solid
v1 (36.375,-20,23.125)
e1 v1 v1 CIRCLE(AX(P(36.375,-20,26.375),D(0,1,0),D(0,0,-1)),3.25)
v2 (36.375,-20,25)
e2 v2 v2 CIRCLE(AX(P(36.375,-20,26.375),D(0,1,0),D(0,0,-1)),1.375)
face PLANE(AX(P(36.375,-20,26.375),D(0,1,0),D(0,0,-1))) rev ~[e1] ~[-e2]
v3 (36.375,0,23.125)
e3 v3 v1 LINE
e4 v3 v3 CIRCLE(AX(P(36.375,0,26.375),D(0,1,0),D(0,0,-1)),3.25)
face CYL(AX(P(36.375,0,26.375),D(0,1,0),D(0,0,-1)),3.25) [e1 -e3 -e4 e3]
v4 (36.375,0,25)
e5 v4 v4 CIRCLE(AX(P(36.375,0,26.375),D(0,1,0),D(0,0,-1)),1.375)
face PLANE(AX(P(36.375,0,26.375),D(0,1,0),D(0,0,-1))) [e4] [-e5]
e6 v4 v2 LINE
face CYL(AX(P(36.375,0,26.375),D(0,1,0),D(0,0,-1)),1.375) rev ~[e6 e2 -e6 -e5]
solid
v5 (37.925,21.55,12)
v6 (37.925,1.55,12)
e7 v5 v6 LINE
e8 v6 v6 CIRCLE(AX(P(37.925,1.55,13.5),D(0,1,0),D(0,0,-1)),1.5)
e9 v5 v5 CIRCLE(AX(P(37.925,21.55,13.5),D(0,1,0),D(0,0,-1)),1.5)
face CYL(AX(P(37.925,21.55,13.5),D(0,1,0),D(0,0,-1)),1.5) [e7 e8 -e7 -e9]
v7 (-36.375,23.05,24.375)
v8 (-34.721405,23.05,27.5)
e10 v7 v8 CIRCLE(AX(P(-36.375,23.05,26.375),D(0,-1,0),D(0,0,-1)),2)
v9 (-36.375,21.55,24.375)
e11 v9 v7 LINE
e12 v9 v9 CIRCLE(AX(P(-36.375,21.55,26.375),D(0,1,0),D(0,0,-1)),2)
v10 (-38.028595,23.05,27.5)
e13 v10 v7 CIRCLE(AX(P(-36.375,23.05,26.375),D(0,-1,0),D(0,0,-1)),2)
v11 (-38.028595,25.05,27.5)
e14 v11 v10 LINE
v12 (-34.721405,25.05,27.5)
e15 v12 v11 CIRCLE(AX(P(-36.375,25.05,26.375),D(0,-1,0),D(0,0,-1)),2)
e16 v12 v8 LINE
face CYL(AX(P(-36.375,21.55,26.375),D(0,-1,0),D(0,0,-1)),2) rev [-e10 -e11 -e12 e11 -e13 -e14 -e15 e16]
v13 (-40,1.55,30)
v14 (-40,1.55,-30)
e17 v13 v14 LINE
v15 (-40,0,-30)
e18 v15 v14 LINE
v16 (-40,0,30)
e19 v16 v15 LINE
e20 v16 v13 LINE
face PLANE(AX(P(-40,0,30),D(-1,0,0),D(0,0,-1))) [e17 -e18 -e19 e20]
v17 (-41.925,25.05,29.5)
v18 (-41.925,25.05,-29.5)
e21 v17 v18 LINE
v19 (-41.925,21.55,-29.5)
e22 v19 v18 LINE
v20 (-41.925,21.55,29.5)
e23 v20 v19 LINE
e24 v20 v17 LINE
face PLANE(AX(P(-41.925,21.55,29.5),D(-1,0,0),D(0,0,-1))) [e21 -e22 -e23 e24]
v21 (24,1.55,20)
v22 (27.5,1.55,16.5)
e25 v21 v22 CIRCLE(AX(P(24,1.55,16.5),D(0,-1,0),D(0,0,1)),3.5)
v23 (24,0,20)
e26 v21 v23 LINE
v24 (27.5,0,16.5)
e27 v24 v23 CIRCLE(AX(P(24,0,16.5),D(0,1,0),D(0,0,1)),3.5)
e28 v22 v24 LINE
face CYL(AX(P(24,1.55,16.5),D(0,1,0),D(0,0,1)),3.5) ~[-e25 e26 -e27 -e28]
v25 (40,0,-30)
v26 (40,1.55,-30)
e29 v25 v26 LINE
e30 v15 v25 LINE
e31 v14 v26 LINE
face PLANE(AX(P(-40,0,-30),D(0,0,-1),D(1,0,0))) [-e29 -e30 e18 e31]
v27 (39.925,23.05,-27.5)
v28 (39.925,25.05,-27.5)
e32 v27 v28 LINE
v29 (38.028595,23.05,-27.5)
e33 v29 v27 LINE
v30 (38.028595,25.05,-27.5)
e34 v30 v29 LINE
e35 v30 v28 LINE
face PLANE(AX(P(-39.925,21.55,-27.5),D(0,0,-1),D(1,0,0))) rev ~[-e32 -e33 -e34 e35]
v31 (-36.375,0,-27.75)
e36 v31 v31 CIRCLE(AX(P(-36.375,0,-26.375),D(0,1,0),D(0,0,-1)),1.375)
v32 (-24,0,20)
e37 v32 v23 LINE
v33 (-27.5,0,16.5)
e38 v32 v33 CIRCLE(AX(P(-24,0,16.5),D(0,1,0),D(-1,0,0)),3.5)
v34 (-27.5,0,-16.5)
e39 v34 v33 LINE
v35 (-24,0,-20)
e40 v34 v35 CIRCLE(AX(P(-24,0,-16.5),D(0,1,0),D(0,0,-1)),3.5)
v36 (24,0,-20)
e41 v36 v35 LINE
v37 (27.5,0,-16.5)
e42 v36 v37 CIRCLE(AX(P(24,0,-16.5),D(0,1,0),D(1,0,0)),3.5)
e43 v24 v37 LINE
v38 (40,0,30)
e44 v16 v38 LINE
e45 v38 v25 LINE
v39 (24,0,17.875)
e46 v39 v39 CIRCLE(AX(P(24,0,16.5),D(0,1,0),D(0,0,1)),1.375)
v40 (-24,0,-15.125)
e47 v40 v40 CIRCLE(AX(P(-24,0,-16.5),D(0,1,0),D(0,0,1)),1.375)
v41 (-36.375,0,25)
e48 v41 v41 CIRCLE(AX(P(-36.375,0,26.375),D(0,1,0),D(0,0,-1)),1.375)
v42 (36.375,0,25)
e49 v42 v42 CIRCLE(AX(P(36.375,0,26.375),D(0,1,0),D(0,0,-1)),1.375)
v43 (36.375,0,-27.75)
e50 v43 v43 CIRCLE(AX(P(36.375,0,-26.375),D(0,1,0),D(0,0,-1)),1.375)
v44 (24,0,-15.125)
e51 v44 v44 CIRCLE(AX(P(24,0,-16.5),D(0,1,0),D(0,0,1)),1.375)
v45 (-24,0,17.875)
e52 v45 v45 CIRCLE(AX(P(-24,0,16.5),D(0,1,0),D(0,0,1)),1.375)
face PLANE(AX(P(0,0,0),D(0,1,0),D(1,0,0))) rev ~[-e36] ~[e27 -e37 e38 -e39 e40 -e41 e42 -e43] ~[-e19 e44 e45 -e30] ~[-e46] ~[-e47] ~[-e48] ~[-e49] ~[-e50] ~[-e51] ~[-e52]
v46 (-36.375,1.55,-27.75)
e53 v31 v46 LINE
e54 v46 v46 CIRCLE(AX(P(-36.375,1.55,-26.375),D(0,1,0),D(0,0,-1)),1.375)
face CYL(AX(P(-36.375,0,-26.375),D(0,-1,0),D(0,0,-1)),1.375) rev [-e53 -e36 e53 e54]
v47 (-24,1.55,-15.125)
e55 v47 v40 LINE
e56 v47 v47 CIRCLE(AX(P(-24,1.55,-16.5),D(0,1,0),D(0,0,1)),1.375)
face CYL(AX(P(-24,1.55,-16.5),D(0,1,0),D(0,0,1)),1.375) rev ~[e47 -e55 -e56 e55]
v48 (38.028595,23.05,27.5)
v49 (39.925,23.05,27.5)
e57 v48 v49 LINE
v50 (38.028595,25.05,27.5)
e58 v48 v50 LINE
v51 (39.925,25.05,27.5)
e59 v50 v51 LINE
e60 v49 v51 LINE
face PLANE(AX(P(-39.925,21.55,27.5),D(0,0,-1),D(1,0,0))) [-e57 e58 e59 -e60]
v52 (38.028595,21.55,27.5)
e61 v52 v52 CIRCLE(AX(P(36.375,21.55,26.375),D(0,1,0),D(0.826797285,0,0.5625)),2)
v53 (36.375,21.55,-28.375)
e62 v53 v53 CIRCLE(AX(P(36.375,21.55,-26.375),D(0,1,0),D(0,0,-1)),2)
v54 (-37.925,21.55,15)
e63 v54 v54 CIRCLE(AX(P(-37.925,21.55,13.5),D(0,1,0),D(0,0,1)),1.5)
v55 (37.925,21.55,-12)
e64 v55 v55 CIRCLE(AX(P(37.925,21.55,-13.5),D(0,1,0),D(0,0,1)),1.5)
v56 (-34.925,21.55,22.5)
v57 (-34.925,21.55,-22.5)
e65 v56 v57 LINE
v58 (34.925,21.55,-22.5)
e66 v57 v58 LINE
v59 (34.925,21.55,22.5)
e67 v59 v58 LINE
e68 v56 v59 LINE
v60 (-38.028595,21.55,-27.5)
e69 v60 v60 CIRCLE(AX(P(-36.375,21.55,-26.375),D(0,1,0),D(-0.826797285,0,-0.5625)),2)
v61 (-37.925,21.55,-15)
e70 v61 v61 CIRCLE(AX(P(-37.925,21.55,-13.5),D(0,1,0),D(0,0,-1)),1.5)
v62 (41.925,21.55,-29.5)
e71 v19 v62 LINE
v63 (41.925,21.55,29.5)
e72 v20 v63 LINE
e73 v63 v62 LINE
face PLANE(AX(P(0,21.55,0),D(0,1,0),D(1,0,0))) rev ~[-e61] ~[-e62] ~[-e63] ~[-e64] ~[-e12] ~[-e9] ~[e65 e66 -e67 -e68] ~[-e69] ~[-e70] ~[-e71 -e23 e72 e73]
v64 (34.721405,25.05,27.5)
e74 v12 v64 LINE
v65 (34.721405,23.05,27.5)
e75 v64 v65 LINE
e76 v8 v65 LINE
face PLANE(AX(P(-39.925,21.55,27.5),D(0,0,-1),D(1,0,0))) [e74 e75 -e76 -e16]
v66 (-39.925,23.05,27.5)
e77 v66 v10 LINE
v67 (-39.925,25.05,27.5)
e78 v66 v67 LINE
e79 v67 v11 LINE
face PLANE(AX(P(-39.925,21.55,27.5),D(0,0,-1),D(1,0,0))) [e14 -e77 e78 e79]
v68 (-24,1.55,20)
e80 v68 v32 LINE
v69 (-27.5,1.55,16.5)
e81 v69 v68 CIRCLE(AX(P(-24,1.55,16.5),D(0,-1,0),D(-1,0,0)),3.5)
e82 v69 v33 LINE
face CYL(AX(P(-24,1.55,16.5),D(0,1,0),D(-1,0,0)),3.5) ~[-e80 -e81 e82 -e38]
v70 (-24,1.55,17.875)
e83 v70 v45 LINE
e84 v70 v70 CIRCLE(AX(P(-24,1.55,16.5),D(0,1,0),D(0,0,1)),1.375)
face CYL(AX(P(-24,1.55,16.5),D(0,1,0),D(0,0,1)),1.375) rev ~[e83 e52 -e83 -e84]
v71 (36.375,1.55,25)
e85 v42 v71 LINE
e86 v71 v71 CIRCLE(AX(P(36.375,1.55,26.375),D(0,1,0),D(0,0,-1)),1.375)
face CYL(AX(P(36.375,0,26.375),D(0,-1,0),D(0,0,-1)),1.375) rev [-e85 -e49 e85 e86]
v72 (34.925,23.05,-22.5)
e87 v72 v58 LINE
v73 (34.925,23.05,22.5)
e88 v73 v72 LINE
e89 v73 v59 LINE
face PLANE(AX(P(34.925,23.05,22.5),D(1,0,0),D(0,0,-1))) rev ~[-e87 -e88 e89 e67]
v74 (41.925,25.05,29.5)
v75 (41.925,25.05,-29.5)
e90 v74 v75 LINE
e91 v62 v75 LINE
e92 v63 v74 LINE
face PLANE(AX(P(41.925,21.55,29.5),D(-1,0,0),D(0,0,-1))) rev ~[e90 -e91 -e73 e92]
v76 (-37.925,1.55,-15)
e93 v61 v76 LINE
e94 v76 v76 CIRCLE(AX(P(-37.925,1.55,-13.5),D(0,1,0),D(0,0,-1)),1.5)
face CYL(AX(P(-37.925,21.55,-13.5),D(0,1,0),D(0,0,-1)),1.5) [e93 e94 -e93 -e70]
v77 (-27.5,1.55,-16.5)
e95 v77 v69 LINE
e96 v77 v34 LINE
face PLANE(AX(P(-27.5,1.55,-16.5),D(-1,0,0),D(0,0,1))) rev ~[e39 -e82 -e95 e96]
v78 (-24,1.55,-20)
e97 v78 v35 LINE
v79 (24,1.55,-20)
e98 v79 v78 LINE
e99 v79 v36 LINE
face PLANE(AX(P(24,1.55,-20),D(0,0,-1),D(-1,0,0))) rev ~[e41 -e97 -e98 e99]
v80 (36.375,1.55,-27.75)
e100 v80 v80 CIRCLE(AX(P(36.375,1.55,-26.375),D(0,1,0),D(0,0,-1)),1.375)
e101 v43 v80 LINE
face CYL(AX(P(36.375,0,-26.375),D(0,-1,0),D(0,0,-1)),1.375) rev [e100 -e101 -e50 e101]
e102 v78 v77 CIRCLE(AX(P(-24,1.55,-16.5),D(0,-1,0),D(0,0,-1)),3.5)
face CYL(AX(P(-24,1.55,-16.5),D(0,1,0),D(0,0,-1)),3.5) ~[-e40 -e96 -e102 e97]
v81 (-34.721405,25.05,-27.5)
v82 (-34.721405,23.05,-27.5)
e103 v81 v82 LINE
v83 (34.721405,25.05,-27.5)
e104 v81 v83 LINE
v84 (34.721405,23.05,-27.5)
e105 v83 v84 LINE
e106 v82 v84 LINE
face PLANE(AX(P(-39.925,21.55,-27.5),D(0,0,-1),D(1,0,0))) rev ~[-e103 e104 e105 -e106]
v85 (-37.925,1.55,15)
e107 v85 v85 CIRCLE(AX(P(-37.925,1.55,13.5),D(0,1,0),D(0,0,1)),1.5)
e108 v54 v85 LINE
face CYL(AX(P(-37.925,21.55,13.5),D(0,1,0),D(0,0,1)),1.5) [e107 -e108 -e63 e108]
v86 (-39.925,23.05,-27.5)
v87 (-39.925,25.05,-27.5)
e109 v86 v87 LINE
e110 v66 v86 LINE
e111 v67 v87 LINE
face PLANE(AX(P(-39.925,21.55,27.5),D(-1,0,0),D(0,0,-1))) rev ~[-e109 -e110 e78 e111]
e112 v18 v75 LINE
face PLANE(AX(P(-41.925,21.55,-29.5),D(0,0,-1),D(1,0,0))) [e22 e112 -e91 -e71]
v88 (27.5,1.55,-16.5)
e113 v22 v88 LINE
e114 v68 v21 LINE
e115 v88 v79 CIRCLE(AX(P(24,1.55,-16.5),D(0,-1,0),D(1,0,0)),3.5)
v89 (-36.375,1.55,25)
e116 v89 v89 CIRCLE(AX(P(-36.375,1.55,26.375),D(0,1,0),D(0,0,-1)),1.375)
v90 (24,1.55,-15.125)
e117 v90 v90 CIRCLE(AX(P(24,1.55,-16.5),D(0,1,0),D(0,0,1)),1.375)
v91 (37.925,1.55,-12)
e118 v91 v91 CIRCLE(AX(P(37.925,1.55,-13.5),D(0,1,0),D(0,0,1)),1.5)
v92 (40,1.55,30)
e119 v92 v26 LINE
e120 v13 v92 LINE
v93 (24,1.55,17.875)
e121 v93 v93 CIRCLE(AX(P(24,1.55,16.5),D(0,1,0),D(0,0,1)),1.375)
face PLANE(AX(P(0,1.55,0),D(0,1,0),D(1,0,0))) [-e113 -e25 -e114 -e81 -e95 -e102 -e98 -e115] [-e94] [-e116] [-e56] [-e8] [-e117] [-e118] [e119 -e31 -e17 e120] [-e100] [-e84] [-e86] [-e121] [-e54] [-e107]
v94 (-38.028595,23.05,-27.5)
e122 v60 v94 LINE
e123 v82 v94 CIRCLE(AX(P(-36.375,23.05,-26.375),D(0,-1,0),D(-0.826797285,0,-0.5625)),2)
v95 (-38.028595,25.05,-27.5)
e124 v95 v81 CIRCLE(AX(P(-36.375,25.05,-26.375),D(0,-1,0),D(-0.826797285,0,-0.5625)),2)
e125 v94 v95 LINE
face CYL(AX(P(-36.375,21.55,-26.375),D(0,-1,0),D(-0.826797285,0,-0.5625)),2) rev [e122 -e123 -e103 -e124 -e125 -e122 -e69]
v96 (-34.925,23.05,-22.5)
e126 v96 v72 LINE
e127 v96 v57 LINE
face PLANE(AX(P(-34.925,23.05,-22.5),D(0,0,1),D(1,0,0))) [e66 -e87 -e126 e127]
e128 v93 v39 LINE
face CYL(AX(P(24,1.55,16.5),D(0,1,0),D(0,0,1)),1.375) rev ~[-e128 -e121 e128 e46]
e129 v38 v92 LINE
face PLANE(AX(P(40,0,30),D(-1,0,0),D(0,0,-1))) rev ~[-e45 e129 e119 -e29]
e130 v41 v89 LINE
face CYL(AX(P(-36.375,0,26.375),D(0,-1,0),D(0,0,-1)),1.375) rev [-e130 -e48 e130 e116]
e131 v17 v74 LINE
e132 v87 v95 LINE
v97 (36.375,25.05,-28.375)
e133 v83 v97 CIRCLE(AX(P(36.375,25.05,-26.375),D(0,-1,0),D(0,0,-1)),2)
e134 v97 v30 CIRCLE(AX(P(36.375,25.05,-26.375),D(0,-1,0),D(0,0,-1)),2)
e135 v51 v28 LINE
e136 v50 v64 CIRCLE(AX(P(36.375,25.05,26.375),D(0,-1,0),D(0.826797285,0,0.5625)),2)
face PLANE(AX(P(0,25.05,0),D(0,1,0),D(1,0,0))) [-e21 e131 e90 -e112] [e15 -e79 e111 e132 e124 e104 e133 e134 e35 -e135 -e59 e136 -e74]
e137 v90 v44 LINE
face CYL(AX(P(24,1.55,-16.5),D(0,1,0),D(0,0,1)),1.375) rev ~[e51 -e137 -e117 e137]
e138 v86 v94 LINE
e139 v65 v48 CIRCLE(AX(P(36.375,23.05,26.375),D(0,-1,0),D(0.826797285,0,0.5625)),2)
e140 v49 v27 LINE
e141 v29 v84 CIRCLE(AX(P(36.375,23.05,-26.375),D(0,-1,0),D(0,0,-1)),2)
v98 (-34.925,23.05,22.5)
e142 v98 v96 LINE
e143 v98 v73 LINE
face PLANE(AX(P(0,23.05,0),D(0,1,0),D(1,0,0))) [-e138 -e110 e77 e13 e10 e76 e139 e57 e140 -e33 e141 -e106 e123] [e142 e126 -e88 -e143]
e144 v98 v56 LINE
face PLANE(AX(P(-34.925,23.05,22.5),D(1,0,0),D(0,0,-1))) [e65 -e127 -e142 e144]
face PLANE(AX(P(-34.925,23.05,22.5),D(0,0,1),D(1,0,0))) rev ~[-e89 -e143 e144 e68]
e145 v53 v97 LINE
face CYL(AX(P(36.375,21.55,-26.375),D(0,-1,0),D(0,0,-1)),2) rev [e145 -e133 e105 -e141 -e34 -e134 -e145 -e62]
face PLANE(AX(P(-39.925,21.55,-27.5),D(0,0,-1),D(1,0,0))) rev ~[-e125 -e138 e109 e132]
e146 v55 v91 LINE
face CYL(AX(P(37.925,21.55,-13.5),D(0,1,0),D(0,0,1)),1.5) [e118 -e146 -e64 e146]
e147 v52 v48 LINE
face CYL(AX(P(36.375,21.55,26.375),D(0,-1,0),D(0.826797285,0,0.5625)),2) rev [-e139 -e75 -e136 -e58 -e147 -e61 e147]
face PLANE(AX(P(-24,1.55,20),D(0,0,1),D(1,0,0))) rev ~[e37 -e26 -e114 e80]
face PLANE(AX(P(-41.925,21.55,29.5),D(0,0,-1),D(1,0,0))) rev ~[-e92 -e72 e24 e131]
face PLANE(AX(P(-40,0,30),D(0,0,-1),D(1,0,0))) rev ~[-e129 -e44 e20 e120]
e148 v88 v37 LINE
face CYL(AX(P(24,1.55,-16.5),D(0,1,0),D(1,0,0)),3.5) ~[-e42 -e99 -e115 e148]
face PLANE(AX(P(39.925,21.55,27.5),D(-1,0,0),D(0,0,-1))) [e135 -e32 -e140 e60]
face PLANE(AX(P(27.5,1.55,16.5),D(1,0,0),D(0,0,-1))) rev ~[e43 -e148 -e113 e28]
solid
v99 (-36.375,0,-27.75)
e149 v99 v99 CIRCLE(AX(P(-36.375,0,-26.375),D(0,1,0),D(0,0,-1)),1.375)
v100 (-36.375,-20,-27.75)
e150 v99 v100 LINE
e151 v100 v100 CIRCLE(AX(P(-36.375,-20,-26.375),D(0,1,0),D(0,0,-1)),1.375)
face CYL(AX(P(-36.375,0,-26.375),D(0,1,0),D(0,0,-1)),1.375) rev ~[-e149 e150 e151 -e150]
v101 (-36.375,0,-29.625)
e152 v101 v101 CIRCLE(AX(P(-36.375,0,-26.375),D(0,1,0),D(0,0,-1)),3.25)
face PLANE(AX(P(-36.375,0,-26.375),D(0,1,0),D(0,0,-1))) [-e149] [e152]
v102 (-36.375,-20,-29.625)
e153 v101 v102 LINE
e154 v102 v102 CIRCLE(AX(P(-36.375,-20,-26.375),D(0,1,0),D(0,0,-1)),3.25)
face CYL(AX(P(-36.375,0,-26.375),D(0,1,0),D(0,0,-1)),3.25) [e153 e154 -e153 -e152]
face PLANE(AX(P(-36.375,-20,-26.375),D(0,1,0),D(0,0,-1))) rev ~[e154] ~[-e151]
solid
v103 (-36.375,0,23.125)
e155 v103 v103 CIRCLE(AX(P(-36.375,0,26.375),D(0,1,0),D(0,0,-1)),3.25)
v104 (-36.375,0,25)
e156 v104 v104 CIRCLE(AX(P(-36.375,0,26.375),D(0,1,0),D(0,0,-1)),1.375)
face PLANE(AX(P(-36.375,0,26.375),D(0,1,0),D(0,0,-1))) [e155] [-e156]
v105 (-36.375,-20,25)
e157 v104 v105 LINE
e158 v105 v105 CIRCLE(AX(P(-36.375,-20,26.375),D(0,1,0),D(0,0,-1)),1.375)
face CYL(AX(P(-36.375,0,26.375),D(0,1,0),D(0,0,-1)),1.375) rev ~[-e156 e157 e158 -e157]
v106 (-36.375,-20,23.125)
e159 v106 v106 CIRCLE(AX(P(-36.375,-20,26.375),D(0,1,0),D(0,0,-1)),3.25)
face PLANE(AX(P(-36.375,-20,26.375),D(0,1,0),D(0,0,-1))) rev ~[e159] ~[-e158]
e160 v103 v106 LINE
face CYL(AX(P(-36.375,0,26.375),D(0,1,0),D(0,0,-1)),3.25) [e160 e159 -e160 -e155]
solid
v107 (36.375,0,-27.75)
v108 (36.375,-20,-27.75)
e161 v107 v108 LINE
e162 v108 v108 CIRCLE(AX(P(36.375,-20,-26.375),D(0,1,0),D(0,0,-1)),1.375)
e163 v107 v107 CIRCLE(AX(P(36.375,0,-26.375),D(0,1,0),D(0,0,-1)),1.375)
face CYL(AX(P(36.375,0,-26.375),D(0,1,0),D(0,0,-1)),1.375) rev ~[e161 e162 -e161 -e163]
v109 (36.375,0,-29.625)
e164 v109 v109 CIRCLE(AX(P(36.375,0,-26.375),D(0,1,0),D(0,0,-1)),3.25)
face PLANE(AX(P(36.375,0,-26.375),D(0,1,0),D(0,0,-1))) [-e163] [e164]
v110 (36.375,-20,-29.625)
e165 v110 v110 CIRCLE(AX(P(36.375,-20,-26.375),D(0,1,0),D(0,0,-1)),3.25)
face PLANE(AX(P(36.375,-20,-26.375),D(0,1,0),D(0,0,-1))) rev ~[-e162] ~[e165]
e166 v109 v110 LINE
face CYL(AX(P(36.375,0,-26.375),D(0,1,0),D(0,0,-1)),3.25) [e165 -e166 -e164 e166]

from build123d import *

# Parameters (mm, degrees)
SKETCH1_W             = 80
SKETCH1_H             = 60
SKETCH1_R             = 1.375
BOSS_EXTRUDE1_DEPTH   = 1.55
SKETCH14_R            = 1.375
CUT_EXTRUDE6_DEPTH    = 51.024019231
SKETCH15_W            = 83.85
SKETCH15_H            = 59
SKETCH15_W_2          = 79.85
SKETCH15_H_2          = 55
BOSS_EXTRUDE3_DEPTH   = 3.5
SKETCH16_W            = 79.85
SKETCH16_H            = 55
BOSS_EXTRUDE4_DEPTH   = 1.5
SKETCH17_W            = 69.85
SKETCH17_H            = 45
CUT_EXTRUDE7_DEPTH    = 7.5
SKETCH18_R            = 1.5
BOSS_EXTRUDE5_DEPTH   = 20
BOSS_EXTRUDE7_START   = -21.55
SKETCH19_R            = 3.25
SKETCH19_R_2          = 1.375
BOSS_EXTRUDE7_DEPTH   = 20
BOSS_EXTRUDE7_2_DEPTH = 20
BOSS_EXTRUDE7_3_DEPTH = 20
BOSS_EXTRUDE7_4_DEPTH = 20
SKETCH21_R            = 2
CUT_EXTRUDE11_DEPTH   = 32


with BuildPart() as part:
    # Sketch1 → Boss-Extrude1 (new body)
    with BuildSketch(Plane(origin=(0, 0, 0), x_dir=(1, 0, 0), z_dir=(0, 1, 0))):
        Rectangle(SKETCH1_W, SKETCH1_H)
        with Locations(Location((-36.375, 26.375, 0), (0, 0, 90))):
            Circle(SKETCH1_R, mode=Mode.SUBTRACT)
        with Locations(Location((-36.375, -26.375, 0), (0, 0, 90))):
            Circle(SKETCH1_R, mode=Mode.SUBTRACT)
        with Locations(Location((36.375, -26.375, 0), (0, 0, 90))):
            Circle(SKETCH1_R, mode=Mode.SUBTRACT)
        with Locations(Location((36.375, 26.375, 0), (0, 0, 90))):
            Circle(SKETCH1_R, mode=Mode.SUBTRACT)
    extrude(amount=BOSS_EXTRUDE1_DEPTH)

    # Sketch14 → Cut-Extrude6 (cut, through all)
    with BuildSketch(Plane(origin=(0, 1.55, 0), x_dir=(1, 0, 0), z_dir=(0, 1, 0))):
        with Locations(Location((-24, 16.5, 0), (0, 0, 270))):
            Circle(SKETCH14_R)
        with Locations(Location((24, 16.5, 0), (0, 0, 270))):
            Circle(SKETCH14_R)
        with Locations(Location((24, -16.5, 0), (0, 0, 270))):
            Circle(SKETCH14_R)
        with Locations(Location((-24, -16.5, 0), (0, 0, 270))):
            Circle(SKETCH14_R)
        with BuildLine():
            Line((-27.5, 16.5), (-27.5, -16.5))
            ThreePointArc((-27.5, -16.5), (-21.525126266, -14.025126266), (-24, -20))
            Line((-24, -20), (24, -20))
            ThreePointArc((24, -20), (21.525126266, -14.025126266), (27.5, -16.5))
            Line((27.5, -16.5), (27.5, 16.5))
            ThreePointArc((27.5, 16.5), (21.525126266, 14.025126266), (24, 20))
            Line((24, 20), (-24, 20))
            ThreePointArc((-24, 20), (-21.525126266, 14.025126266), (-27.5, 16.5))
        make_face()
    extrude(amount=-CUT_EXTRUDE6_DEPTH, mode=Mode.SUBTRACT)



with BuildPart() as body_2:
    # Sketch15 → Boss-Extrude3 (new body)
    with BuildSketch(Plane(origin=(0, 21.55, 0), x_dir=(1, 0, 0), z_dir=(0, 1, 0))):
        Rectangle(SKETCH15_W, SKETCH15_H)
        Rectangle(SKETCH15_W_2, SKETCH15_H_2, mode=Mode.SUBTRACT)
    extrude(amount=BOSS_EXTRUDE3_DEPTH)

    # Sketch16 → Boss-Extrude4 (add)
    with BuildSketch(Plane(origin=(0, 21.55, 0), x_dir=(1, 0, 0), z_dir=(0, 1, 0))):
        Rectangle(SKETCH16_W, SKETCH16_H)
    extrude(amount=BOSS_EXTRUDE4_DEPTH)

    # Sketch17 → Cut-Extrude7 (cut)
    with BuildSketch(Plane(origin=(0, 23.05, 0), x_dir=(1, 0, 0), z_dir=(0, 1, 0))):
        Rectangle(SKETCH17_W, SKETCH17_H)
    extrude(amount=-CUT_EXTRUDE7_DEPTH, mode=Mode.SUBTRACT)


with BuildPart() as part_1:
    add(part.part)

    add(body_2.part)  # Boss-Extrude5 merges body 2
    # Sketch18 → Boss-Extrude5 (add)
    with BuildSketch(Plane(origin=(0, 21.55, 0), x_dir=(1, 0, 0), z_dir=(0, 1, 0))):
        with Locations(Location((-37.925, -13.5, 0), (0, 0, 270))):
            Circle(SKETCH18_R)
        with Locations(Location((37.925, -13.5, 0), (0, 0, 90))):
            Circle(SKETCH18_R)
        with Locations(Location((37.925, 13.5, 0), (0, 0, 270))):
            Circle(SKETCH18_R)
        with Locations(Location((-37.925, 13.5, 0), (0, 0, 90))):
            Circle(SKETCH18_R)
    extrude(amount=-BOSS_EXTRUDE5_DEPTH)

    # Sketch21 → Cut-Extrude11 (cut)
    with BuildSketch(Plane(origin=(0, 21.55, 0), x_dir=(1, 0, 0), z_dir=(0, 1, 0))):
        with Locations(Location((-36.375, 26.375, 0), (0, 0, 145.771133672))):
            Circle(SKETCH21_R)
        with Locations(Location((36.375, 26.375, 0), (0, 0, 90))):
            Circle(SKETCH21_R)
        with Locations(Location((36.375, -26.375, 0), (0, 0, 325.771133672))):
            Circle(SKETCH21_R)
        with Locations(Location((-36.375, -26.375, 0), (0, 0, 90))):
            Circle(SKETCH21_R)
    extrude(amount=CUT_EXTRUDE11_DEPTH, mode=Mode.SUBTRACT)


with BuildPart() as body_2_2:
    # Sketch19 → Boss-Extrude7 (new body)
    with BuildSketch(Plane(origin=(0, 21.55, 0), x_dir=(1, 0, 0), z_dir=(0, 1, 0)).offset(BOSS_EXTRUDE7_START)):
        with Locations(Location((-36.375, -26.375, 0), (0, 0, 90))):
            Circle(SKETCH19_R)
        with Locations(Location((-36.375, -26.375, 0), (0, 0, 90))):
            Circle(SKETCH19_R_2, mode=Mode.SUBTRACT)
    extrude(amount=-BOSS_EXTRUDE7_DEPTH)


with BuildPart() as body_3:
    # Sketch19 → Boss-Extrude7 2 (new body)
    with BuildSketch(Plane(origin=(0, 21.55, 0), x_dir=(1, 0, 0), z_dir=(0, 1, 0)).offset(BOSS_EXTRUDE7_START)):
        with Locations(Location((36.375, -26.375, 0), (0, 0, 90))):
            Circle(SKETCH19_R)
        with Locations(Location((36.375, -26.375, 0), (0, 0, 90))):
            Circle(SKETCH19_R_2, mode=Mode.SUBTRACT)
    extrude(amount=-BOSS_EXTRUDE7_2_DEPTH)


with BuildPart() as body_4:
    # Sketch19 → Boss-Extrude7 3 (new body)
    with BuildSketch(Plane(origin=(0, 21.55, 0), x_dir=(1, 0, 0), z_dir=(0, 1, 0)).offset(BOSS_EXTRUDE7_START)):
        with Locations(Location((36.375, 26.375, 0), (0, 0, 90))):
            Circle(SKETCH19_R)
        with Locations(Location((36.375, 26.375, 0), (0, 0, 90))):
            Circle(SKETCH19_R_2, mode=Mode.SUBTRACT)
    extrude(amount=-BOSS_EXTRUDE7_3_DEPTH)


with BuildPart() as body_5:
    # Sketch19 → Boss-Extrude7 4 (new body)
    with BuildSketch(Plane(origin=(0, 21.55, 0), x_dir=(1, 0, 0), z_dir=(0, 1, 0)).offset(BOSS_EXTRUDE7_START)):
        with Locations(Location((-36.375, 26.375, 0), (0, 0, 90))):
            Circle(SKETCH19_R)
        with Locations(Location((-36.375, 26.375, 0), (0, 0, 90))):
            Circle(SKETCH19_R_2, mode=Mode.SUBTRACT)
    extrude(amount=-BOSS_EXTRUDE7_4_DEPTH)


solid = Compound([part_1.part, body_2_2.part, body_3.part, body_4.part, body_5.part])
